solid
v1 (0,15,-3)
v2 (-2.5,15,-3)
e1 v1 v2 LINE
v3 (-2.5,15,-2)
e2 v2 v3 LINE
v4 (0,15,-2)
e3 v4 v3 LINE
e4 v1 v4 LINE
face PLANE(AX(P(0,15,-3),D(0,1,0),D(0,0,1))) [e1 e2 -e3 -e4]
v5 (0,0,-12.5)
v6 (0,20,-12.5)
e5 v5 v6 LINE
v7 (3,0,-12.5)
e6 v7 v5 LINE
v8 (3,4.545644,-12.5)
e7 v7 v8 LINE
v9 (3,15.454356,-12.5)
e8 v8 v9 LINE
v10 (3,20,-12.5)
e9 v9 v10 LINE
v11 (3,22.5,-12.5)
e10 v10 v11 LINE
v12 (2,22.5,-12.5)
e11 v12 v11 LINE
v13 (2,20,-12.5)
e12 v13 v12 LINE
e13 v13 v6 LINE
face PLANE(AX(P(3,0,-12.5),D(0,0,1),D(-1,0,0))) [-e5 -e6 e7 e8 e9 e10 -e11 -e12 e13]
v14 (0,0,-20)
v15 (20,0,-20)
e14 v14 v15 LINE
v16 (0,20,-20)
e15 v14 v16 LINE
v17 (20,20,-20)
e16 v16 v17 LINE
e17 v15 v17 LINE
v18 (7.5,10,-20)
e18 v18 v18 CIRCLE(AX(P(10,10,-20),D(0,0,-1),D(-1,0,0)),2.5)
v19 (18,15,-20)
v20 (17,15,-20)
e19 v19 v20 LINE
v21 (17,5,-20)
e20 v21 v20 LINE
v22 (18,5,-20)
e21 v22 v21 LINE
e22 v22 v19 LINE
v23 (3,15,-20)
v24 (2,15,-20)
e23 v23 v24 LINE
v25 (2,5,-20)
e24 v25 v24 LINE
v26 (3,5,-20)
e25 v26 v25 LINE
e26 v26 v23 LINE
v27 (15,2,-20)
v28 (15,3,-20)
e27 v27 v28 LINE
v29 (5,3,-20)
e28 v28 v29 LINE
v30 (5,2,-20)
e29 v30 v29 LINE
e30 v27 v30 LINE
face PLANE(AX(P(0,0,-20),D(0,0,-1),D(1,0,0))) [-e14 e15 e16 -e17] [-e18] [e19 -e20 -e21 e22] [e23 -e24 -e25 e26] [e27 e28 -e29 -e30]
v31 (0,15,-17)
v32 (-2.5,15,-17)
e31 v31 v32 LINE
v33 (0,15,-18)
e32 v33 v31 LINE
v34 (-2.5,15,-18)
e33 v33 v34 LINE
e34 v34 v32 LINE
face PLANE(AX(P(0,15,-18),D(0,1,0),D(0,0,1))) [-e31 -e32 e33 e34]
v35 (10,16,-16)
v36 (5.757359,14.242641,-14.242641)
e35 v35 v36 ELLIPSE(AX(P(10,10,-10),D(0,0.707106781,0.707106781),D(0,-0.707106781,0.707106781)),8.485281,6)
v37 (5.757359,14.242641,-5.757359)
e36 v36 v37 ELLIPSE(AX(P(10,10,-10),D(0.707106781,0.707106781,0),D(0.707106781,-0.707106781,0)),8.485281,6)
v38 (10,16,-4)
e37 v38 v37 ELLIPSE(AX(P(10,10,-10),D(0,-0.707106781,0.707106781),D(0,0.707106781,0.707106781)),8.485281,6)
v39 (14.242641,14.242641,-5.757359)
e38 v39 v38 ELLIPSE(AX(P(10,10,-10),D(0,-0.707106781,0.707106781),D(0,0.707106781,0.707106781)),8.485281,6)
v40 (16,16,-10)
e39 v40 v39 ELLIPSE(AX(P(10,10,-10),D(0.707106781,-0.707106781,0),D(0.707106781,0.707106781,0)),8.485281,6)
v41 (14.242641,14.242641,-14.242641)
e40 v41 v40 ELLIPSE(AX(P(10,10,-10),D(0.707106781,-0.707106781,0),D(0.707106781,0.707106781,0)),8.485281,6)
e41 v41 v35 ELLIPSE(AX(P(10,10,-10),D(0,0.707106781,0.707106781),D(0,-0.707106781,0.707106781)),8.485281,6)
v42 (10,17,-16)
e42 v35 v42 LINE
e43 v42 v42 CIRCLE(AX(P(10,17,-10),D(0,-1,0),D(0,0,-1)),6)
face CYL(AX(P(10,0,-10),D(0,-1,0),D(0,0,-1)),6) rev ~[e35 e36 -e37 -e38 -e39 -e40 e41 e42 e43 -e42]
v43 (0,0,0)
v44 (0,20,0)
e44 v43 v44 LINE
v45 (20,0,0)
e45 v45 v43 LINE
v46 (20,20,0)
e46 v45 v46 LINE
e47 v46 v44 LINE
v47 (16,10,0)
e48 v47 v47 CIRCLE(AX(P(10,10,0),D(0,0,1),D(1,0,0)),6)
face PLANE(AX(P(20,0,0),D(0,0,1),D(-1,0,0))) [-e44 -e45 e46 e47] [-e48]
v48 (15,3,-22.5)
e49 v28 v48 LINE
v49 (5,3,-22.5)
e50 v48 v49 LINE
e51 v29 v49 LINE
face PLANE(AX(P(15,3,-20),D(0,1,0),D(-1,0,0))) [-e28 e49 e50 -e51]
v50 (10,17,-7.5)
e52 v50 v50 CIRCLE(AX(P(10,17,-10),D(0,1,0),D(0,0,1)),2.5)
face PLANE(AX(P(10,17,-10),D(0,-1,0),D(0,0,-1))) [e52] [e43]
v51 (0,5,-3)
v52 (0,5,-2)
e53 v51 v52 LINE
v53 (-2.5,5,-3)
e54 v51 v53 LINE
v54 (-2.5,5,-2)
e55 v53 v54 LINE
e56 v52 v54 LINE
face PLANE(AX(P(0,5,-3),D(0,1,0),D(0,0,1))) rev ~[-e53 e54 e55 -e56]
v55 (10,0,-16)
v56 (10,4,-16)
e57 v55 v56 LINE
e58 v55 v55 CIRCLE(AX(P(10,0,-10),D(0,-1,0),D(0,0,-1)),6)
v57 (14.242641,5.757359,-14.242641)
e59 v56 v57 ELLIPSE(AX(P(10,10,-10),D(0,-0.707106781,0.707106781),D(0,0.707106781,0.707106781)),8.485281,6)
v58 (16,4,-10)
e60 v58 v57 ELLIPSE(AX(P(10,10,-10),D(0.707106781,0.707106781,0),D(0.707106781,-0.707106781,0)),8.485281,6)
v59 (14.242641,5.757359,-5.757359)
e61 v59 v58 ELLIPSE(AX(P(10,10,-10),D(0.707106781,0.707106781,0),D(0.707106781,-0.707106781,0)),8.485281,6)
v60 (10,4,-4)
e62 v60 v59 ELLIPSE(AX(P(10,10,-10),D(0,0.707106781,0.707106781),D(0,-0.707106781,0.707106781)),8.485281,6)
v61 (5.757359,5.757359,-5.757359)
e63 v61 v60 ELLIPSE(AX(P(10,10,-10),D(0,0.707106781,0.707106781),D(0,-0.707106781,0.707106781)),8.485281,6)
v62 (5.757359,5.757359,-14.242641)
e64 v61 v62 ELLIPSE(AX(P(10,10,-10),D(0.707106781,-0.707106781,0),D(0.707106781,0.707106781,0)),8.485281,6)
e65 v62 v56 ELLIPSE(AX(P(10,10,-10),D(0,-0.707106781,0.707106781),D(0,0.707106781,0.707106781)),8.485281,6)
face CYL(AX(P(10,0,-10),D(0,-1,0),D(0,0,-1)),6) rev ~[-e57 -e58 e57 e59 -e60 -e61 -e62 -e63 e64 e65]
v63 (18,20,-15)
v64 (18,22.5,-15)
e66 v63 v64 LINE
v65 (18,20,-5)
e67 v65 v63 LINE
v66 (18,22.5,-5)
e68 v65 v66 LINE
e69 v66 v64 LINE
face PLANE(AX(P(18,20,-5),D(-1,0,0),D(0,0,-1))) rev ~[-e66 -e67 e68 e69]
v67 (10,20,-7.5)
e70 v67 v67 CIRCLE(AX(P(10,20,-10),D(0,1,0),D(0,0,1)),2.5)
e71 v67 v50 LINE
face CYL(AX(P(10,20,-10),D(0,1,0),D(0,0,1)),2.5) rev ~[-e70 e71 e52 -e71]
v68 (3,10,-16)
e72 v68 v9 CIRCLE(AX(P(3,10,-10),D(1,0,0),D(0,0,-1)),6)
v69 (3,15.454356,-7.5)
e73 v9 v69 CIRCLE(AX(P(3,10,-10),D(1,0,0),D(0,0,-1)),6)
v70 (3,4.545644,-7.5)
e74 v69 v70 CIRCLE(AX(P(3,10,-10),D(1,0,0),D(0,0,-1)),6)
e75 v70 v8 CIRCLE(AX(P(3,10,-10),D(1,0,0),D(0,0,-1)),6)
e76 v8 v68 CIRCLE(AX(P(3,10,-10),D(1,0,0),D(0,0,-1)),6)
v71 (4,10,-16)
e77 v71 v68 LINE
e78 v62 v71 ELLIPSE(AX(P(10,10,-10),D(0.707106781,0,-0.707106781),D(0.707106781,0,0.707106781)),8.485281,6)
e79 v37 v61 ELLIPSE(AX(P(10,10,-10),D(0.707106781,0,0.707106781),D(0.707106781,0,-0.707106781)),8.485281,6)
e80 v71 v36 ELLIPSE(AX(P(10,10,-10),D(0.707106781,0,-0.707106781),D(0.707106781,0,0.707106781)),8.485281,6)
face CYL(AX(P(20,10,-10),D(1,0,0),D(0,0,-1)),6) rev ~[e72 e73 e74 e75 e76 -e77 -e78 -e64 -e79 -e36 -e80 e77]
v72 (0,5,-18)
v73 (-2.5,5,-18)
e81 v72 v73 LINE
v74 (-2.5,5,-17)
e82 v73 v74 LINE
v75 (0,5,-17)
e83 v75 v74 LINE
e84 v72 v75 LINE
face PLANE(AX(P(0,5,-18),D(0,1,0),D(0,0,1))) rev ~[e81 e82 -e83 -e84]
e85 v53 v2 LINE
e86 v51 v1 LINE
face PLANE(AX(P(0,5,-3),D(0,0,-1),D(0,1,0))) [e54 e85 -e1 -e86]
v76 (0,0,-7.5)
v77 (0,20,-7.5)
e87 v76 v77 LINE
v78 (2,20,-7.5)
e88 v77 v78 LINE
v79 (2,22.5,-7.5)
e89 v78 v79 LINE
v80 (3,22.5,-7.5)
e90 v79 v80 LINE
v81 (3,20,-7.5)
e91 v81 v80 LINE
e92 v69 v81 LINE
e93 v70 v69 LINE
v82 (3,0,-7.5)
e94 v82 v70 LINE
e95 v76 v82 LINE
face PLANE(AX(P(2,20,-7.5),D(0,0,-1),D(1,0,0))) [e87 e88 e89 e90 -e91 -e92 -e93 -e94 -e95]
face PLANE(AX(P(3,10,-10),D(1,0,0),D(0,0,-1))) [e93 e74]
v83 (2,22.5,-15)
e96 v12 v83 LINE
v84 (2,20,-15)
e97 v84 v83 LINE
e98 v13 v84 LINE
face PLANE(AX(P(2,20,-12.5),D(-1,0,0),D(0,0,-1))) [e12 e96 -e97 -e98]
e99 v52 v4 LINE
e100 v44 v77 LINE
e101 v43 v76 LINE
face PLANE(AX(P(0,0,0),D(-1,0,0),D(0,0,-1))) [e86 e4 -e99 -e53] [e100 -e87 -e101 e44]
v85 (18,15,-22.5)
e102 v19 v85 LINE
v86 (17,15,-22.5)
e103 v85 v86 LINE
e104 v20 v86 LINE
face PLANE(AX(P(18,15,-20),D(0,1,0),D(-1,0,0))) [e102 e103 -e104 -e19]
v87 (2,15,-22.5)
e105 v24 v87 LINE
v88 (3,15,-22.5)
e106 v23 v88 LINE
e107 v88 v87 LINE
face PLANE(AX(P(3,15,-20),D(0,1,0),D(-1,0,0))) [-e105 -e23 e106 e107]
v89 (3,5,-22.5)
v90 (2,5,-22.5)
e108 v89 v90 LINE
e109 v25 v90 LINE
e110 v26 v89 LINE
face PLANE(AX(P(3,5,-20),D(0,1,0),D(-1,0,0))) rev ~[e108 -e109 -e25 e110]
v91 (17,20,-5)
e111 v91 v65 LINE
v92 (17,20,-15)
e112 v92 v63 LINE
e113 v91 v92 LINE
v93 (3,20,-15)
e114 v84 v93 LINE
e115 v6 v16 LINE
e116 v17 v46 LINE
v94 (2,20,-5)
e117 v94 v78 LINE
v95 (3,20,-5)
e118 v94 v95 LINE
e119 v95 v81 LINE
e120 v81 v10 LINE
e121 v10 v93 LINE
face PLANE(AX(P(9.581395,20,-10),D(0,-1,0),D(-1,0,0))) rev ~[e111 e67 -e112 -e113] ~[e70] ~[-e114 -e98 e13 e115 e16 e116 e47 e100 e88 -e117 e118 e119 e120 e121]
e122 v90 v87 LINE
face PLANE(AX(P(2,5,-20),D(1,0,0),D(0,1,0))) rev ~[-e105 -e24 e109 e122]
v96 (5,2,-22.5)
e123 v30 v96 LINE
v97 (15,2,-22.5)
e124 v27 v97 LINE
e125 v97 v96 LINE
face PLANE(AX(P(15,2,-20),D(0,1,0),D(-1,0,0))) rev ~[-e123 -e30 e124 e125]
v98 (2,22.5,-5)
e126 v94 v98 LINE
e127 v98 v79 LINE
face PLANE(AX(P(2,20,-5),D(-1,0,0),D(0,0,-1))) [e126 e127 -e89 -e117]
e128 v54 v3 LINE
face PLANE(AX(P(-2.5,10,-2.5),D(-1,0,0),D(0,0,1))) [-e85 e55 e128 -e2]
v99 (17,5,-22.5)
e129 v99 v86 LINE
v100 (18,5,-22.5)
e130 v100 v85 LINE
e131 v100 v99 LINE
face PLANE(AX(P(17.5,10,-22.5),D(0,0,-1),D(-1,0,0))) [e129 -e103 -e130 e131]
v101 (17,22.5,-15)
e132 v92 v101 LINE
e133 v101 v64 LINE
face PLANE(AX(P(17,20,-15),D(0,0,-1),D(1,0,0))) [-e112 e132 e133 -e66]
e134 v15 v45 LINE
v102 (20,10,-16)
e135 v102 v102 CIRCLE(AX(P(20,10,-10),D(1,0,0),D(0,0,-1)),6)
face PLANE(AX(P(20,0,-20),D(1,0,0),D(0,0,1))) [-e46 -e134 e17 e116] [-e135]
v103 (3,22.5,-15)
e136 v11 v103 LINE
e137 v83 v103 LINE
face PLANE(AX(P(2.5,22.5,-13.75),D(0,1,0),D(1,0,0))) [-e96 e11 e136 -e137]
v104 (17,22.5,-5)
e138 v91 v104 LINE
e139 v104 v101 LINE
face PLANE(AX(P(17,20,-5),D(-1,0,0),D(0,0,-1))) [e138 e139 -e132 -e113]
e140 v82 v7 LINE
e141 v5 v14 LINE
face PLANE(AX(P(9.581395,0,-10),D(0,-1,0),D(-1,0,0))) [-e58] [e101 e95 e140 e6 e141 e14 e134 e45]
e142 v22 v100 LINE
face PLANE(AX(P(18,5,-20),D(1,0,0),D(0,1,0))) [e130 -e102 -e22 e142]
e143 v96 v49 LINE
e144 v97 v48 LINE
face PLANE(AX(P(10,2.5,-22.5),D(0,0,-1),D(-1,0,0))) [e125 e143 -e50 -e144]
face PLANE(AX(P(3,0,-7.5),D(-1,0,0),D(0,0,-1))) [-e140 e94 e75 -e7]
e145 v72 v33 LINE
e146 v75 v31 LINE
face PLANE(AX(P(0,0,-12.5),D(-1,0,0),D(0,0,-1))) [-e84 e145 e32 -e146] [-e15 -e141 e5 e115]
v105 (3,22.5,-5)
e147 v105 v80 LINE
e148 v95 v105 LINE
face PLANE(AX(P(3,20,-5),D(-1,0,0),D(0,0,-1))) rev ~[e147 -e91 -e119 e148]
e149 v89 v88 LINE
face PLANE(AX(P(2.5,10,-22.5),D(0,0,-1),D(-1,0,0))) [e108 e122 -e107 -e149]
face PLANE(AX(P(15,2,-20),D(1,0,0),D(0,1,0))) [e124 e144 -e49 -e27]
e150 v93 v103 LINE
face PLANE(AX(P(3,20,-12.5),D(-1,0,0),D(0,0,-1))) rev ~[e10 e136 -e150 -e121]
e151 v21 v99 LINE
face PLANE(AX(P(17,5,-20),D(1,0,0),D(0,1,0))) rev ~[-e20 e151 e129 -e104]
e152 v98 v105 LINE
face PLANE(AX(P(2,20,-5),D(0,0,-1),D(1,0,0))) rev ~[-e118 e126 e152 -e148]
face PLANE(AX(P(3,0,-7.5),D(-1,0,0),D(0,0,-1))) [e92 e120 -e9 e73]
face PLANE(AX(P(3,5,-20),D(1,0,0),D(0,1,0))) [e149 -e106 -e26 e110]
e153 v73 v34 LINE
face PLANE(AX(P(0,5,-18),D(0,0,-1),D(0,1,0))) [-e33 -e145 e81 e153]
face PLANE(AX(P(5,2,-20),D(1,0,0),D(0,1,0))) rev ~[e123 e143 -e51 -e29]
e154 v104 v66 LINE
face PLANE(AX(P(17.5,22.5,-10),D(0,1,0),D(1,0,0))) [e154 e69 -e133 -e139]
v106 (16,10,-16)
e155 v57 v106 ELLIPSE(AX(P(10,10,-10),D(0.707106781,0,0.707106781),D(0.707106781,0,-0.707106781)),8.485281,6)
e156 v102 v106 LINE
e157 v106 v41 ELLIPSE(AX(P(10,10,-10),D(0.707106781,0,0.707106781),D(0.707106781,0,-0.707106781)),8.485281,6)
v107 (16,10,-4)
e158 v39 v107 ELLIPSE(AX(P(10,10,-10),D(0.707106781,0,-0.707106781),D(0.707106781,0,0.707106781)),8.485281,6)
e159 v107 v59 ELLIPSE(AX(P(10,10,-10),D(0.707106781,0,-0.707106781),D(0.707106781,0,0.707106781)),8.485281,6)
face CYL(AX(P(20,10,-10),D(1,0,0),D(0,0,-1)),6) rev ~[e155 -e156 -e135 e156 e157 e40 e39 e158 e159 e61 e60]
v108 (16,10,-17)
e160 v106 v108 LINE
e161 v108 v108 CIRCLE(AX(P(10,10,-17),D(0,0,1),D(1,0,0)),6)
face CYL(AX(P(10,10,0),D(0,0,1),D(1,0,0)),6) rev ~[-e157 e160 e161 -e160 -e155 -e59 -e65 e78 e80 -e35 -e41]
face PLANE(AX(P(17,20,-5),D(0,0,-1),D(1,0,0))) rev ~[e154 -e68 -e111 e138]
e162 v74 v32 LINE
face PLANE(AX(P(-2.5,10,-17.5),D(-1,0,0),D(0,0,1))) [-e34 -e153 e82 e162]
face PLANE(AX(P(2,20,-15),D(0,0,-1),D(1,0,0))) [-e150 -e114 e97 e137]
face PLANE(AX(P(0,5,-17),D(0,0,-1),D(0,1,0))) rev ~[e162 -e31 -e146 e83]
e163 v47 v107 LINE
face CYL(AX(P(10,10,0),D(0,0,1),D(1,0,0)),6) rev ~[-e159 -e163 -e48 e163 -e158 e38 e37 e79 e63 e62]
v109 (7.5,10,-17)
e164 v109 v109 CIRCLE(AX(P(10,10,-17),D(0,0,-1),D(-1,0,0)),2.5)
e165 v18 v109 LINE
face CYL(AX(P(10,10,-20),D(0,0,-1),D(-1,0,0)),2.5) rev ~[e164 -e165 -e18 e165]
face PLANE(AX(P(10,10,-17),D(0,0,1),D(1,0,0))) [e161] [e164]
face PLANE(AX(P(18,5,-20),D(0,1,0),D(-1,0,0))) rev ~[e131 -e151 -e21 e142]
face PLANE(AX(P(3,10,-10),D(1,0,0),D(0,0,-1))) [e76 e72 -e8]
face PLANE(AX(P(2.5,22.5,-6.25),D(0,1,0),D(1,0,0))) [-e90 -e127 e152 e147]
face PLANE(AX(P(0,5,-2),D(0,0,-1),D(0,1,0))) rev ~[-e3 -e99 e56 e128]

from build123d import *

# Parameters (mm, degrees)
BOSS_EXTRUDE1_DEPTH = 20
SKETCH2_W           = 1
SKETCH2_H           = 2.5
SKETCH2_H_2         = 10
BOSS_EXTRUDE2_DEPTH = 2.5
SKETCH2_3_R         = 2.5
CUT_EXTRUDE1_DEPTH  = 35.641016151
SKETCH3_W           = 1
SKETCH3_H           = 10
BOSS_EXTRUDE3_DEPTH = 2.5
SKETCH4_W           = 1
SKETCH4_H           = 10
SKETCH4_W_2         = 10
SKETCH4_H_2         = 1
BOSS_EXTRUDE4_DEPTH = 2.5
SKETCH4_3_R         = 2.5
CUT_EXTRUDE2_DEPTH  = 37.142080737
SKETCH5_R           = 6
CUT_EXTRUDE3_DEPTH  = 17
SKETCH6_R           = 6
CUT_EXTRUDE4_DEPTH  = 17
SKETCH7_R           = 6
CUT_EXTRUDE5_DEPTH  = 17


with BuildPart() as part:
    # Sketch1 → Boss-Extrude1 (new body)
    with BuildSketch(Plane(origin=(0, 0, 0), x_dir=(1, 0, 0), z_dir=(0, 1, 0))):
        Polygon((0, 7.5), (3, 7.5), (3, 12.5), (0, 12.5), (0, 20), (20, 20), (20, 0), (0, 0), align=None)
    extrude(amount=BOSS_EXTRUDE1_DEPTH)

    # Sketch2 → Boss-Extrude2 (add)
    with BuildSketch(Plane(origin=(0, 20, 0), x_dir=(1, 0, 0), z_dir=(0, 1, 0))):
        with Locations((2.5, 6.25)):
            Rectangle(SKETCH2_W, SKETCH2_H)
        with Locations((2.5, 13.75)):
            Rectangle(SKETCH2_W, SKETCH2_H)
        with Locations((17.5, 10)):
            Rectangle(SKETCH2_W, SKETCH2_H_2)
    extrude(amount=BOSS_EXTRUDE2_DEPTH)

    # Sketch2<3> → Cut-Extrude1 (cut, through all)
    with BuildSketch(Plane(origin=(0, 20, 0), x_dir=(1, 0, 0), z_dir=(0, 1, 0))):
        with Locations((10, 10)):
            Circle(SKETCH2_3_R)
    extrude(amount=-CUT_EXTRUDE1_DEPTH, mode=Mode.SUBTRACT)

    # Sketch3 → Boss-Extrude3 (add)
    with BuildSketch(Plane.ZY):
        with Locations((-2.5, 10)):
            Rectangle(SKETCH3_W, SKETCH3_H)
        with Locations((-17.5, 10)):
            Rectangle(SKETCH3_W, SKETCH3_H)
    extrude(amount=BOSS_EXTRUDE3_DEPTH)

    # Sketch4 → Boss-Extrude4 (add)
    with BuildSketch(Plane(origin=(0, 0, -20), x_dir=(-1, 0, 0), z_dir=(0, 0, -1))):
        with Locations((-17.5, 10)):
            Rectangle(SKETCH4_W, SKETCH4_H)
        with Locations((-2.5, 10)):
            Rectangle(SKETCH4_W, SKETCH4_H)
        with Locations((-10, 2.5)):
            Rectangle(SKETCH4_W_2, SKETCH4_H_2)
    extrude(amount=BOSS_EXTRUDE4_DEPTH)

    # Sketch4<3> → Cut-Extrude2 (cut, through all)
    with BuildSketch(Plane(origin=(0, 0, -20), x_dir=(-1, 0, 0), z_dir=(0, 0, -1))):
        with Locations((-10, 10)):
            Circle(SKETCH4_3_R)
    extrude(amount=-CUT_EXTRUDE2_DEPTH, mode=Mode.SUBTRACT)

    # Sketch5 → Cut-Extrude3 (cut)
    with BuildSketch(Plane(origin=(20, 0, 0), x_dir=(0, 0, -1), z_dir=(1, 0, 0))):
        with Locations((10, 10)):
            Circle(SKETCH5_R)
    extrude(amount=-CUT_EXTRUDE3_DEPTH, mode=Mode.SUBTRACT)

    # Sketch6 → Cut-Extrude4 (cut)
    with BuildSketch(Plane.XY):
        with Locations((10, 10)):
            Circle(SKETCH6_R)
    extrude(amount=-CUT_EXTRUDE4_DEPTH, mode=Mode.SUBTRACT)

    # Sketch7 → Cut-Extrude5 (cut)
    with BuildSketch(Plane.XZ):
        with Locations((10, -10)):
            Circle(SKETCH7_R)
    extrude(amount=-CUT_EXTRUDE5_DEPTH, mode=Mode.SUBTRACT)


solid = part.part
